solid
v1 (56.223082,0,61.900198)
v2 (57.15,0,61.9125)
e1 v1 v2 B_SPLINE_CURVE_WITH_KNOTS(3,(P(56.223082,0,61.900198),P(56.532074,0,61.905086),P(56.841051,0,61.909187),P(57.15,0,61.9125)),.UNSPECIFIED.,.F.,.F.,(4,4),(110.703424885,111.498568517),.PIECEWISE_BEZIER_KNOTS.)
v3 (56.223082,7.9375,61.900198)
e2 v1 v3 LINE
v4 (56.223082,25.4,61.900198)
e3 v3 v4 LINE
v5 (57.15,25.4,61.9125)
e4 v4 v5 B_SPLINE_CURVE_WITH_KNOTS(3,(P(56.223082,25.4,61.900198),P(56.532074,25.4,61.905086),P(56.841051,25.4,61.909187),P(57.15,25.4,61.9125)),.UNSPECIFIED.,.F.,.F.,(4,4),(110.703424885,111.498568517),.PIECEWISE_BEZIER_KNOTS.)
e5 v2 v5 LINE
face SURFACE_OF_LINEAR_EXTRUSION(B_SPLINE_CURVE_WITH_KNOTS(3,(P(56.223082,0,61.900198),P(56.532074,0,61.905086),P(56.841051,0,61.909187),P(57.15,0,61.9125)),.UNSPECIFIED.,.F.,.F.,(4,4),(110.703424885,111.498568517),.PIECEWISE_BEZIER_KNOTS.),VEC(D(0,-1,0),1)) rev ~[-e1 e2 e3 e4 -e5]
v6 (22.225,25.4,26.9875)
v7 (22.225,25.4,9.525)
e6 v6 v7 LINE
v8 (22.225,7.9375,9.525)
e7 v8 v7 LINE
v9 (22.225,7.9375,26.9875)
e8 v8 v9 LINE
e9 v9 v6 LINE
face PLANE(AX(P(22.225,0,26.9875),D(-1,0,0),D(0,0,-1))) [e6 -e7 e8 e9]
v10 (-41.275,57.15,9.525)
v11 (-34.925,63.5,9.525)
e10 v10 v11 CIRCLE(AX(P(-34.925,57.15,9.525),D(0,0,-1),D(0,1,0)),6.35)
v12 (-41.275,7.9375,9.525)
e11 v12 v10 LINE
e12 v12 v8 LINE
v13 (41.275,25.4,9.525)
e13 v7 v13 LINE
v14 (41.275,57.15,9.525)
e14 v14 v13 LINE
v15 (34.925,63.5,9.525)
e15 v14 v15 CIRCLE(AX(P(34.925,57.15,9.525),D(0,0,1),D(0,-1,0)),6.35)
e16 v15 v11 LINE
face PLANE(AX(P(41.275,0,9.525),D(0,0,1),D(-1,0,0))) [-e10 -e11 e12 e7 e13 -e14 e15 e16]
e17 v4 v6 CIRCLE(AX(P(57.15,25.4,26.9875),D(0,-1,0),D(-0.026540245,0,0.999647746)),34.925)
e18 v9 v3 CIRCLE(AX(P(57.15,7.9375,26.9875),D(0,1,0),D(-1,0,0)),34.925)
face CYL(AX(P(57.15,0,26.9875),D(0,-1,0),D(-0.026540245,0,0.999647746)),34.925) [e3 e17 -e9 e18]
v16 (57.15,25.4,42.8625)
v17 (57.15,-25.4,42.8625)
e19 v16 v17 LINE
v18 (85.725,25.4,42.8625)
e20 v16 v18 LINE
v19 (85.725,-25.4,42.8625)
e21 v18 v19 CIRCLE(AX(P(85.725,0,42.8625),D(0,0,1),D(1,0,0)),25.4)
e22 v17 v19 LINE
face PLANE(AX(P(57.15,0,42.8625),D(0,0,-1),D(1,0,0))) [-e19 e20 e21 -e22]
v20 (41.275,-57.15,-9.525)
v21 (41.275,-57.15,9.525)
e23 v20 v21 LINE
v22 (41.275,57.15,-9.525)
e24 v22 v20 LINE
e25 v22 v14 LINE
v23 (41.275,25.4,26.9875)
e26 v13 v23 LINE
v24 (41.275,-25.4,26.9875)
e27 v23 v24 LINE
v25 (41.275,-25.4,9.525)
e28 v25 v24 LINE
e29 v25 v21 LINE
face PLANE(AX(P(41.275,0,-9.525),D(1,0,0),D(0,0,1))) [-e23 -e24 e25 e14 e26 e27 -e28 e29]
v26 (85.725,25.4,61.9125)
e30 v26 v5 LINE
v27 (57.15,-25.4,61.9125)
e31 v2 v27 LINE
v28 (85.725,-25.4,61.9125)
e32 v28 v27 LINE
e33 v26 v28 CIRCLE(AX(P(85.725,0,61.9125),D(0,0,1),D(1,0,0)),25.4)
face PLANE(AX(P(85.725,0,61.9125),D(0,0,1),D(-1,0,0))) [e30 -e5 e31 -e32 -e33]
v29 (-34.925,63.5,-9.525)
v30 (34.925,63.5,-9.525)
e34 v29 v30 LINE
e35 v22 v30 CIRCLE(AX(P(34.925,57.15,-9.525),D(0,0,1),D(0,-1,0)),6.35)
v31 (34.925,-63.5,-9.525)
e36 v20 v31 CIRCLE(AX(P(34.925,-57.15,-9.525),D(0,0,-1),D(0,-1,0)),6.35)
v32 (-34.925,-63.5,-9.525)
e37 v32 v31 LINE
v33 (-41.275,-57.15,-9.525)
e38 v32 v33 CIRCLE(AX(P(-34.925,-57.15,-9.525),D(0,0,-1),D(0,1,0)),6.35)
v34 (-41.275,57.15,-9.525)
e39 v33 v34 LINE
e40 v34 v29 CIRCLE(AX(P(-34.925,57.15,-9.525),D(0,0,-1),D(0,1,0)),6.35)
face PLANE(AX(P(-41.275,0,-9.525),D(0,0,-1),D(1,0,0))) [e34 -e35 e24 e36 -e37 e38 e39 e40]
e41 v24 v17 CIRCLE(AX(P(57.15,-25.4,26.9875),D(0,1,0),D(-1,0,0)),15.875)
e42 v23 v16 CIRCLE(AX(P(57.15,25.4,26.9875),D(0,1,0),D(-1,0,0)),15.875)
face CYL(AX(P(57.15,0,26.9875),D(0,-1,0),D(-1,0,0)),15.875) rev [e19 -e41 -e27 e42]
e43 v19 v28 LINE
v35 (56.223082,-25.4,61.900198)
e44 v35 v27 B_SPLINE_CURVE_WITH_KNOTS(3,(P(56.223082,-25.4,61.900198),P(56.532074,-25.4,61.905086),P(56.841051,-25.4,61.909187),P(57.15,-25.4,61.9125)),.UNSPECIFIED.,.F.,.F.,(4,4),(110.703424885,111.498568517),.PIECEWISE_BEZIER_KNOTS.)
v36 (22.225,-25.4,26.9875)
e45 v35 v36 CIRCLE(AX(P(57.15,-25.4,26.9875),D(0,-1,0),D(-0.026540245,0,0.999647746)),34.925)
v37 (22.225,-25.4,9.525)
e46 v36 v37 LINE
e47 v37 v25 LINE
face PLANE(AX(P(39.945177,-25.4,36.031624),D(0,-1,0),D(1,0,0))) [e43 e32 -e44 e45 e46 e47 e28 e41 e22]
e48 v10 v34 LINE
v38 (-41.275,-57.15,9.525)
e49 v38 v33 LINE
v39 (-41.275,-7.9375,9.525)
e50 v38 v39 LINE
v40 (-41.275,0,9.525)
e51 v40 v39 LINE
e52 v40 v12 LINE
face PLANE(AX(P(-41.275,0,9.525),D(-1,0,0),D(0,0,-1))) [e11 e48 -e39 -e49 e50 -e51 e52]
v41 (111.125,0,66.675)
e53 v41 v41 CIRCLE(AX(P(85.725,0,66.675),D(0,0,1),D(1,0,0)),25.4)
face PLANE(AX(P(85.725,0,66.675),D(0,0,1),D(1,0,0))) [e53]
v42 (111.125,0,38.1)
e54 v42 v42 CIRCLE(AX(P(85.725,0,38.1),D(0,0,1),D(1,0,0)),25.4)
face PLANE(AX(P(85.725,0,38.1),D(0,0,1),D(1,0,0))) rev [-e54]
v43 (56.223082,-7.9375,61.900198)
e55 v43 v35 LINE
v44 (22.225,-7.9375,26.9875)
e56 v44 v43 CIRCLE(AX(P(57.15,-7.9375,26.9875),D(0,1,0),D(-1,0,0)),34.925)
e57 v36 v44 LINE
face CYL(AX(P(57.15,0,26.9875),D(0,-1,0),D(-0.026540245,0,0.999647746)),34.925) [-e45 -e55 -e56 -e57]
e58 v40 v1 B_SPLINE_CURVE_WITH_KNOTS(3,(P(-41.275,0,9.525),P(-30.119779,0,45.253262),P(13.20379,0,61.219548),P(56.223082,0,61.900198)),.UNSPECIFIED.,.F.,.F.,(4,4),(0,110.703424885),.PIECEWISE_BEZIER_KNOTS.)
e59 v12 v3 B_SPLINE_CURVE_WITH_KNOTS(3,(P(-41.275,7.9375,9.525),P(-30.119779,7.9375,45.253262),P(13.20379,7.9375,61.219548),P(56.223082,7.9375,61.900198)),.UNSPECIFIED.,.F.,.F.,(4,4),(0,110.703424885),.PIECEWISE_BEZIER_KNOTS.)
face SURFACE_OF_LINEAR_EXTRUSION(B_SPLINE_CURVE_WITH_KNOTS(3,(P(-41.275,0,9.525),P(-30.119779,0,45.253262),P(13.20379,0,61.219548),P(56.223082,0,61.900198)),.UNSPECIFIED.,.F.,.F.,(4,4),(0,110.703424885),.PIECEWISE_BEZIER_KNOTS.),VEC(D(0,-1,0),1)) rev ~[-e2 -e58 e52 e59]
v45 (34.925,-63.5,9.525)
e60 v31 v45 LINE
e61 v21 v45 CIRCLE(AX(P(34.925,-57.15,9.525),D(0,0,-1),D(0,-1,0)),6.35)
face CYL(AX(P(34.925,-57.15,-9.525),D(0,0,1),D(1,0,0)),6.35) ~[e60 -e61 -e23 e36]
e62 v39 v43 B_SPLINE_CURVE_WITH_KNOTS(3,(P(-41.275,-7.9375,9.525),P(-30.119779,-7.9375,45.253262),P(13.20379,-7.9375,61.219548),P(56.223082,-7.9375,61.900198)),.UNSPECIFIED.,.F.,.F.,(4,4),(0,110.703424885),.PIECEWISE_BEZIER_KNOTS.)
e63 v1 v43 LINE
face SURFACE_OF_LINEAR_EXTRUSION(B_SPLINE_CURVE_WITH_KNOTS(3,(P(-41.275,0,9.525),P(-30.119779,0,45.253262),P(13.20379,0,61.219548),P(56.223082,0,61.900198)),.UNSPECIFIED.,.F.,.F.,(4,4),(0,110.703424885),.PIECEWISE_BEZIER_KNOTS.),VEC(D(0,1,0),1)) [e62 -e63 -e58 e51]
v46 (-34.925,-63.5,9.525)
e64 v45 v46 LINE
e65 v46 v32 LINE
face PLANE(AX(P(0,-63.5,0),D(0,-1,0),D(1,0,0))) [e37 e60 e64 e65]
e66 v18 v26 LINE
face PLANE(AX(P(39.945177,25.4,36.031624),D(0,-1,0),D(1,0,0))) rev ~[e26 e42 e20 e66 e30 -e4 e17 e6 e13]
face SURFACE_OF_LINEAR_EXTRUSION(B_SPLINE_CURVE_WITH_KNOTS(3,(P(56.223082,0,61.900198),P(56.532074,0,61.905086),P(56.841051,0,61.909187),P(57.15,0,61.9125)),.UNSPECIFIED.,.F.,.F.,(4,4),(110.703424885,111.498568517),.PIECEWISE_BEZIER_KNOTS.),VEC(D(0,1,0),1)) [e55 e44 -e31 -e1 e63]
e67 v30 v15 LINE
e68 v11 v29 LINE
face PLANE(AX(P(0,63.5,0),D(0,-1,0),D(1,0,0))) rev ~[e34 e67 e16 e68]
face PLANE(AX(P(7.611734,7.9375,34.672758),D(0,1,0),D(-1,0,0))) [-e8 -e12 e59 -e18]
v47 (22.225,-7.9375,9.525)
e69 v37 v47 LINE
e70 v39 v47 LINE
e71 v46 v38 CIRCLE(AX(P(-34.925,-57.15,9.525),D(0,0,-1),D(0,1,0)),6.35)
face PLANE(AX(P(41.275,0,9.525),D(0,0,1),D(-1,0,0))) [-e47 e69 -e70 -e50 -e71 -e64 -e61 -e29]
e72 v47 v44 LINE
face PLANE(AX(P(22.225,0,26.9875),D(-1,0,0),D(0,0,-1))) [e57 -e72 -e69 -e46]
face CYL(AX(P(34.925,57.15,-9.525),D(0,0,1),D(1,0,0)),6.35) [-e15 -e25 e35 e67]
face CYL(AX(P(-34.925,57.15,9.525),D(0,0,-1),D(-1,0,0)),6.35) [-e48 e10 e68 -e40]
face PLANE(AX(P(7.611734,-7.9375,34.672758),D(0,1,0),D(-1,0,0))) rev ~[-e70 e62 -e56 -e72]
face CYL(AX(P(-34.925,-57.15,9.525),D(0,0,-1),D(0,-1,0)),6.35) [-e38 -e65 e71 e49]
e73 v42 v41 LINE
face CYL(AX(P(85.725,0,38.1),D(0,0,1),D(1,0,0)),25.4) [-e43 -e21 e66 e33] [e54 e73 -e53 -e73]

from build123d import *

# Parameters (mm, degrees)
F1_DEPTH = 63.5
F0_W     = 25.4
F0_H     = 19.05
F2_DEPTH = 25.4
F3_DEPTH = 7.9375
F5_R     = 6.35


with BuildPart() as f1:
    # F0 (on Front) → F1 (new body, symmetric)
    with BuildSketch(Plane.XZ):
        Polygon((-41.275, -9.525), (41.275, -9.525), (41.275, 9.525), (22.225, 9.525), (-41.275, 9.525), align=None)
    extrude(amount=F1_DEPTH, both=True)



with BuildPart() as f2:
    # F0 (on Front) → F2 (new body, symmetric)
    with BuildSketch(Plane.XZ):
        with BuildLine():
            Line((22.225, 9.525), (41.275, 9.525))
            Line((41.275, 9.525), (41.275, 26.9875))
            ThreePointArc((41.275, 26.9875), (45.9246798487, 38.2128201513), (57.15, 42.8625))
            Line((57.15, 42.8625), (60.325, 42.8625))
            Line((60.325, 42.8625), (60.325, 61.9125))
            Line((60.325, 61.9125), (57.15, 61.9125))
            add(Edge.make_bspline(
                [(56.2230819512, 61.9001975172), (56.5320743429, 61.9050863843), (56.8410510368, 61.9091866589), (57.15, 61.9125)],
                knots=[110.7034248849, 110.7034248849, 110.7034248849, 110.7034248849, 111.4985685166, 111.4985685166, 111.4985685166, 111.4985685166], degree=3))
            ThreePointArc((56.2230819512, 61.9001975172), (32.1287266725, 51.3532855624), (22.225, 26.9875))
            Line((22.225, 26.9875), (22.225, 9.525))
        make_face()
        with Locations((73.025, 52.3875)):
            Rectangle(F0_W, F0_H)
    extrude(amount=F2_DEPTH, both=True)


with BuildPart() as f1_1:
    add(f1.part)

    add(f2.part)  # F3 merges F2
    # F0 (on Front) → F3 (join, symmetric)
    with BuildSketch(Plane.XZ):
        with BuildLine():
            add(Edge.make_bspline(
                [(-41.275, 9.525), (-30.1197790598, 45.2532624962), (13.2037900148, 61.219547757), (56.2230819512, 61.9001975172)],
                knots=[0, 0, 0, 0, 110.7034248849, 110.7034248849, 110.7034248849, 110.7034248849], degree=3))
            Line((-41.275, 9.525), (22.225, 9.525))
            Line((22.225, 9.525), (22.225, 26.9875))
            ThreePointArc((22.225, 26.9875), (32.1287266725, 51.3532855624), (56.2230819512, 61.9001975172))
        make_face()
    extrude(amount=F3_DEPTH, both=True)

    # F0 (on Front) → F4 (revolve)
    with BuildSketch(Plane.XZ):
        Polygon((85.725, 61.9125), (85.725, 42.8625), (85.725, 38.1), (111.125, 38.1), (111.125, 66.675), (85.725, 66.675), align=None)
    revolve(axis=Axis((85.725, 0, 52.3875), (0, 0, 1)))

    # F5
    f5_edges = [f1_1.edges().sort_by_distance(p)[0] for p in [
        (-41.275, -63.5, 0),
        (41.275, -63.5, 0),
        (41.275, 63.5, 0),
        (-41.275, 63.5, 0),
    ]]
    fillet(f5_edges, radius=F5_R)


solid = f1_1.part
